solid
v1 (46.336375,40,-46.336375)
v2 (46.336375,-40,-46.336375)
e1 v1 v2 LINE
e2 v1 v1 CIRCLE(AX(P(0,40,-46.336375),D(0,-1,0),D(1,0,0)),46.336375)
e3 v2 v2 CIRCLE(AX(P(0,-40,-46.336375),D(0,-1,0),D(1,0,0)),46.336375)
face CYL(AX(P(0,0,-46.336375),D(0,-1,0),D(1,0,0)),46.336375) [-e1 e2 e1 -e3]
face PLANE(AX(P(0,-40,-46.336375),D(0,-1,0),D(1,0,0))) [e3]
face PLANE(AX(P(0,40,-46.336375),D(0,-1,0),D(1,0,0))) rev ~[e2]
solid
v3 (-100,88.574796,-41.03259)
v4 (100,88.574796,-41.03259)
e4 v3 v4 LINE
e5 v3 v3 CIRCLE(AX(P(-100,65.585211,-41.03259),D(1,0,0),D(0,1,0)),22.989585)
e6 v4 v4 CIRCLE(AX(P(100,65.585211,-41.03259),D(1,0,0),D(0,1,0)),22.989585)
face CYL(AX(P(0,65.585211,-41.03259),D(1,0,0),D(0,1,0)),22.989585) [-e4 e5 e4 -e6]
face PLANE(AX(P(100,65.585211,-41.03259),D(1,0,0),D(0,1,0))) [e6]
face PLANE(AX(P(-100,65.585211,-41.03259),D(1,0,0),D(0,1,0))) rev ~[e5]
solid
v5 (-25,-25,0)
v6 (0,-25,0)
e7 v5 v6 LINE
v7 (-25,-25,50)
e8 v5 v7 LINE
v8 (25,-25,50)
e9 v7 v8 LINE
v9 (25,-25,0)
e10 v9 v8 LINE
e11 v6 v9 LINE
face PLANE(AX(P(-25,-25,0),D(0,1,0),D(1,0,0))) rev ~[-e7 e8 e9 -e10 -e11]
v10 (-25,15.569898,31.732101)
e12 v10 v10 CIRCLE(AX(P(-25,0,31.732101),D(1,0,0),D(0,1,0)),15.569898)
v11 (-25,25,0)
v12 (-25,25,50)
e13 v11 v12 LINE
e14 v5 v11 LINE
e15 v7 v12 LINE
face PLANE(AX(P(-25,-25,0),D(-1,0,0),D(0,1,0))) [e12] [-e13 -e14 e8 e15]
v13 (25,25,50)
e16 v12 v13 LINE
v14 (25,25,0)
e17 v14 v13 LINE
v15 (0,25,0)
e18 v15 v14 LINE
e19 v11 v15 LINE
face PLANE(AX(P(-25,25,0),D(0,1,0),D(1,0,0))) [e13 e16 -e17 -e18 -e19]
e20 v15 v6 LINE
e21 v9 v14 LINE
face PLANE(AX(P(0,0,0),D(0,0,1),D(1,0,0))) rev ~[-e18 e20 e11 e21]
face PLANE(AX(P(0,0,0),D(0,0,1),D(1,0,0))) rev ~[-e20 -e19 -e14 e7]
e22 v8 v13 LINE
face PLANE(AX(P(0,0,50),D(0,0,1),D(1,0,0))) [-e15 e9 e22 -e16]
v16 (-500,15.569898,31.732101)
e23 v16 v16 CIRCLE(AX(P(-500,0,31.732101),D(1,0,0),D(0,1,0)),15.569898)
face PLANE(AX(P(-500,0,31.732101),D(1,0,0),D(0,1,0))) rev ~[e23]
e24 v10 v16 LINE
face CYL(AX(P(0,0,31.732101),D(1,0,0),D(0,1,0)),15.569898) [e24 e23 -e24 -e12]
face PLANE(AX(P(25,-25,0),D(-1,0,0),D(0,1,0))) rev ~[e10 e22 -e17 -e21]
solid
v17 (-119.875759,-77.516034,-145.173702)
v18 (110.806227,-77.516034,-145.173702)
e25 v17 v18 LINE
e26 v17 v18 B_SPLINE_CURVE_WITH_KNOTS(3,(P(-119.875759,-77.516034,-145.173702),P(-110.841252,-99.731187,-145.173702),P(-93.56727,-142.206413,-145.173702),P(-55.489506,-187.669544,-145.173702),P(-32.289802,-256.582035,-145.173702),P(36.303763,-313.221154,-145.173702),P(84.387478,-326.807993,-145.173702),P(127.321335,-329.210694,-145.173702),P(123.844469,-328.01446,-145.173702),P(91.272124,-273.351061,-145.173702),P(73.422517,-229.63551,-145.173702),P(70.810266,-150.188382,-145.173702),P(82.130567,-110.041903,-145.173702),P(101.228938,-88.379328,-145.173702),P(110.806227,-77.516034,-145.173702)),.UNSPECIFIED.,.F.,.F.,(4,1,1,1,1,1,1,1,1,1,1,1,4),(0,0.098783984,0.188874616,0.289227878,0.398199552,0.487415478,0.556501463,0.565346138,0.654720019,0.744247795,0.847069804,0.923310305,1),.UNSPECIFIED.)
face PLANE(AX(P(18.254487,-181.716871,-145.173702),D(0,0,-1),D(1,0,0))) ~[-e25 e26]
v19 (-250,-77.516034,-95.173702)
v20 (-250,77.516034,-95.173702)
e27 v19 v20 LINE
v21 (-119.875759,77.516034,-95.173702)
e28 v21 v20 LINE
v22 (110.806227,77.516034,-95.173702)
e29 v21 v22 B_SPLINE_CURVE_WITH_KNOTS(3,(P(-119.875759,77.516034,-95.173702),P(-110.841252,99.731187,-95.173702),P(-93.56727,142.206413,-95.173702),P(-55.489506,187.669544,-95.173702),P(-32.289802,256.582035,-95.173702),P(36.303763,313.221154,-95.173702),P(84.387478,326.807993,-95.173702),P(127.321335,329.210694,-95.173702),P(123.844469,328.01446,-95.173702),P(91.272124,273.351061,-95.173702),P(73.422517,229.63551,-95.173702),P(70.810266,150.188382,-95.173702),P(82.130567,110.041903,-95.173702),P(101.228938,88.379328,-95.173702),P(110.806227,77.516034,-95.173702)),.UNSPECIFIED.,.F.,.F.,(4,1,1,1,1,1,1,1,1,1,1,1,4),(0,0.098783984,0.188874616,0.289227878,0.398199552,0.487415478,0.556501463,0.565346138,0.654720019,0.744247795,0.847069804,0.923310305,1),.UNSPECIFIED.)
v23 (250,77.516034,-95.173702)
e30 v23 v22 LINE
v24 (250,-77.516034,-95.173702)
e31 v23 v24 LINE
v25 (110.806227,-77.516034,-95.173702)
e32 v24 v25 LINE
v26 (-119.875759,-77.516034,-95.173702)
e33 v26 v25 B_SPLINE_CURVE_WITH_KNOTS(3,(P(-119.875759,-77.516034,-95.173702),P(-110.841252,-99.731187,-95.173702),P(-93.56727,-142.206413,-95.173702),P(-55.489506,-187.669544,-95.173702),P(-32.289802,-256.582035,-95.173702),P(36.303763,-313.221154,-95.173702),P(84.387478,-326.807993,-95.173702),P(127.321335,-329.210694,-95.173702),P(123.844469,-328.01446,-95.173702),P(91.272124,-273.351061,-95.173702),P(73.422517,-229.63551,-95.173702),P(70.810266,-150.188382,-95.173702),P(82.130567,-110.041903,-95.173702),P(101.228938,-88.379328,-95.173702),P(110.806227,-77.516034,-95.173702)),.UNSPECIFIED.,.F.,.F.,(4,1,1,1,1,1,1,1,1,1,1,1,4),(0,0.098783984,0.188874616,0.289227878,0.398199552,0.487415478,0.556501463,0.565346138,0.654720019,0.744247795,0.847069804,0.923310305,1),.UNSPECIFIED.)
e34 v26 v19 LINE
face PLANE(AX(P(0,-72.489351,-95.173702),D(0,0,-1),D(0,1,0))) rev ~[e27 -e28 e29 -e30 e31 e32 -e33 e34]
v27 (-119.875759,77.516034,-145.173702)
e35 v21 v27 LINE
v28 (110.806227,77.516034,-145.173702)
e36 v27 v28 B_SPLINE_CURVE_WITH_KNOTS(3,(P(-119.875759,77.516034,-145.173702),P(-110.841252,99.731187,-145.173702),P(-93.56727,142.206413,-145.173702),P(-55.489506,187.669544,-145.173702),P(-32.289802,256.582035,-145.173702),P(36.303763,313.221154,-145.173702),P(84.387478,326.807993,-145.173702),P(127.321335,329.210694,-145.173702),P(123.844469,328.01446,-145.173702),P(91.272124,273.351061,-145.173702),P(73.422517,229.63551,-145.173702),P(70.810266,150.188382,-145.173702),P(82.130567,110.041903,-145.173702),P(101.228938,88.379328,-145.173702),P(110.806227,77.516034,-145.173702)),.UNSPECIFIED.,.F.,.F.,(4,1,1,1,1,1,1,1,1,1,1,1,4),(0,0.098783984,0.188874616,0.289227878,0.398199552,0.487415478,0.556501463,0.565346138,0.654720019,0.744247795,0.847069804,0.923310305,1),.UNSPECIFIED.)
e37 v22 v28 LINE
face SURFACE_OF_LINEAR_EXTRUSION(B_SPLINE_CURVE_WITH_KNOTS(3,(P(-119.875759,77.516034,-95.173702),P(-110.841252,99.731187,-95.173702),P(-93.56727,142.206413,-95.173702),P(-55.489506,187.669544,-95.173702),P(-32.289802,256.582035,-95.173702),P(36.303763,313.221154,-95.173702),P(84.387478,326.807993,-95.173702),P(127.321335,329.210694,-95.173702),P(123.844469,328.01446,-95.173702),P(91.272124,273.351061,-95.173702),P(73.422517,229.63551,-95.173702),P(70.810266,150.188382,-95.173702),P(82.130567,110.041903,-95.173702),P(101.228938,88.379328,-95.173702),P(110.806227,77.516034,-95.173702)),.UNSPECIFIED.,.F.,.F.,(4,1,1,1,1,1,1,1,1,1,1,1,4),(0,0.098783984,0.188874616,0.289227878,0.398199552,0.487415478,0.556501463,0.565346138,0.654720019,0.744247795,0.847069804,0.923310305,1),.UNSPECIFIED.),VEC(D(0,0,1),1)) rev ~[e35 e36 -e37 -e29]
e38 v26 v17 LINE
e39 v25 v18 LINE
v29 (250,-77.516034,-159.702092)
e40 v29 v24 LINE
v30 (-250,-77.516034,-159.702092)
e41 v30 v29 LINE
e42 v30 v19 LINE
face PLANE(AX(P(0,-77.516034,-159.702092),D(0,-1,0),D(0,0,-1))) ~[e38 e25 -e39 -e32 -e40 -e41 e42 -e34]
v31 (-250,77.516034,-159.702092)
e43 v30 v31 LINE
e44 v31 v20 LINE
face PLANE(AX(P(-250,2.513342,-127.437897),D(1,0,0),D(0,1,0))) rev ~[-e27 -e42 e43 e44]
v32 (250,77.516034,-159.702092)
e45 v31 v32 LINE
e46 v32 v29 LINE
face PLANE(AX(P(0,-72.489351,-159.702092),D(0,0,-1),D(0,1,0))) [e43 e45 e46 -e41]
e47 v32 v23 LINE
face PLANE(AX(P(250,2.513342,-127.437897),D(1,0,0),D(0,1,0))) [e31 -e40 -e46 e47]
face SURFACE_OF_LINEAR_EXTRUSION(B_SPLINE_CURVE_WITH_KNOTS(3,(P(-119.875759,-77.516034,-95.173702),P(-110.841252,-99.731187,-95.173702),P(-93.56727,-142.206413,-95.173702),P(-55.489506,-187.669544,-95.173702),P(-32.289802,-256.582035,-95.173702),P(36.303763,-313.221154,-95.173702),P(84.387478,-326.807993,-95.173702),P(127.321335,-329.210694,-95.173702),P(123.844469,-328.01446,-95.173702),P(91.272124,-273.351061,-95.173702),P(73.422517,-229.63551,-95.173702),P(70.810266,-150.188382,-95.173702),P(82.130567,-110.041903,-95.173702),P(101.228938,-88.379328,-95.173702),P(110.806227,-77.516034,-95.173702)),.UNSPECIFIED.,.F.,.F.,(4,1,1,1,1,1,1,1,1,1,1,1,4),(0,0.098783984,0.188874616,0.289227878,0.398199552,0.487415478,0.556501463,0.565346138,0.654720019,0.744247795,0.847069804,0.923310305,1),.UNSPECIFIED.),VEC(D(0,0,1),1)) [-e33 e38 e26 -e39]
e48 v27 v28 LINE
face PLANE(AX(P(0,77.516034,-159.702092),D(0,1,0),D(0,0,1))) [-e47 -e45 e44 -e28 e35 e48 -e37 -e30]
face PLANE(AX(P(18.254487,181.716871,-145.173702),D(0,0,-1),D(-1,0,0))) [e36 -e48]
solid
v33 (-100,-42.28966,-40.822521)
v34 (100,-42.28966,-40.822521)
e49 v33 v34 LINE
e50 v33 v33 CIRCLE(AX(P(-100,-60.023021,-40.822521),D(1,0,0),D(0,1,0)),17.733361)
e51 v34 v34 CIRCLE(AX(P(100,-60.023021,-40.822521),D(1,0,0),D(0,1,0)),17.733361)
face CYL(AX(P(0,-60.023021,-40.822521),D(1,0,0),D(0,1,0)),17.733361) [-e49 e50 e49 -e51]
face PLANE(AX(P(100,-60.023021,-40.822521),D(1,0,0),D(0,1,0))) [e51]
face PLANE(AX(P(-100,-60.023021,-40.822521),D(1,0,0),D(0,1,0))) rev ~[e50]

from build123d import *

# Parameters (mm, degrees)
F0_W      = 50
F0_H      = 50
F1_DEPTH  = 50
F2_R      = 46.3363751769
F3_DEPTH  = 40
F4_R      = 17.7333609011
F5_DEPTH  = 100
F4_R_2    = 22.9895854719
F6_W      = 150.0053852797
F6_H      = 64.5283907652
F7_DEPTH  = 250
F9_DEPTH  = 50
F11_R     = 15.5698976694
F12_DEPTH = 500


with BuildPart() as f1:
    # F0 (on Top) → F1 (new body)
    with BuildSketch(Plane.XY):
        Rectangle(F0_W, F0_H)
    extrude(amount=F1_DEPTH)

    # F2 (on Front) → F3 (join, symmetric)
    with BuildSketch(Plane.XZ):
        with Locations((0, -46.3363751769)):
            Circle(F2_R)
    extrude(amount=F3_DEPTH, both=True)

    # F11 (on Right) → F12 (join)
    with BuildSketch(Plane.YZ):
        with Locations((0, 31.7321009934)):
            Circle(F11_R)
    extrude(amount=-F12_DEPTH)


with BuildPart() as f5:
    # F4 (on Right) → F5 (new body, symmetric)
    with BuildSketch(Plane.YZ):
        with Locations((-60.0230209529, -40.8225208521)):
            Circle(F4_R)
    extrude(amount=F5_DEPTH, both=True)


with BuildPart() as f5b:
    # F4 (on Right) → F5, piece 2 (new body, symmetric)
    with BuildSketch(Plane.YZ):
        with Locations((65.5852109194, -41.032589972)):
            Circle(F4_R_2)
    extrude(amount=F5_DEPTH, both=True)


with BuildPart() as f7:
    # F6 (on Right) → F7 (new body, symmetric)
    with BuildSketch(Plane.YZ):
        with Locations((2.5133416057, -127.4378970265)):
            Rectangle(F6_W, F6_H)
    extrude(amount=F7_DEPTH, both=True)

    # F8 (on face) → F9 (join)
    with BuildSketch(Plane.XY.offset(-95.1737016439)):
        with BuildLine():
            add(Edge.make_bspline(
                [(-119.8757588863, 77.5160342455), (-110.8412515386, 99.7311868923), (-93.5672704782, 142.2064131769), (-55.4895061779, 187.6695438825), (-32.2898015872, 256.5820348781), (36.3037628362, 313.221153866), (84.3874776383, 326.8079933118), (127.3213349008, 329.2106936435), (123.8444693616, 328.0144598686), (91.2721243046, 273.3510610408), (73.4225168963, 229.6355098592), (70.8102662833, 150.18838151), (82.1305670088, 110.0419034239), (101.2289375798, 88.3793277013), (110.8062267303, 77.5160342455)],
                knots=[0, 0, 0, 0, 0.0987839837, 0.1888746162, 0.2892278775, 0.3981995525, 0.4874154783, 0.5565014631, 0.5653461376, 0.6547200192, 0.7442477945, 0.8470698039, 0.9233103051, 1, 1, 1, 1], degree=3))
            Line((-119.8757588863, 77.5160342455), (110.8062267303, 77.5160342455))
        make_face()
    extrude(amount=-F9_DEPTH)

    # F10: F7 across plane


with BuildPart() as f7_1:
    add(f7.part)
    add(f7.part.mirror(Plane.XZ))


solid = Compound([f1.part, f5.part, f5b.part, f7_1.part])
